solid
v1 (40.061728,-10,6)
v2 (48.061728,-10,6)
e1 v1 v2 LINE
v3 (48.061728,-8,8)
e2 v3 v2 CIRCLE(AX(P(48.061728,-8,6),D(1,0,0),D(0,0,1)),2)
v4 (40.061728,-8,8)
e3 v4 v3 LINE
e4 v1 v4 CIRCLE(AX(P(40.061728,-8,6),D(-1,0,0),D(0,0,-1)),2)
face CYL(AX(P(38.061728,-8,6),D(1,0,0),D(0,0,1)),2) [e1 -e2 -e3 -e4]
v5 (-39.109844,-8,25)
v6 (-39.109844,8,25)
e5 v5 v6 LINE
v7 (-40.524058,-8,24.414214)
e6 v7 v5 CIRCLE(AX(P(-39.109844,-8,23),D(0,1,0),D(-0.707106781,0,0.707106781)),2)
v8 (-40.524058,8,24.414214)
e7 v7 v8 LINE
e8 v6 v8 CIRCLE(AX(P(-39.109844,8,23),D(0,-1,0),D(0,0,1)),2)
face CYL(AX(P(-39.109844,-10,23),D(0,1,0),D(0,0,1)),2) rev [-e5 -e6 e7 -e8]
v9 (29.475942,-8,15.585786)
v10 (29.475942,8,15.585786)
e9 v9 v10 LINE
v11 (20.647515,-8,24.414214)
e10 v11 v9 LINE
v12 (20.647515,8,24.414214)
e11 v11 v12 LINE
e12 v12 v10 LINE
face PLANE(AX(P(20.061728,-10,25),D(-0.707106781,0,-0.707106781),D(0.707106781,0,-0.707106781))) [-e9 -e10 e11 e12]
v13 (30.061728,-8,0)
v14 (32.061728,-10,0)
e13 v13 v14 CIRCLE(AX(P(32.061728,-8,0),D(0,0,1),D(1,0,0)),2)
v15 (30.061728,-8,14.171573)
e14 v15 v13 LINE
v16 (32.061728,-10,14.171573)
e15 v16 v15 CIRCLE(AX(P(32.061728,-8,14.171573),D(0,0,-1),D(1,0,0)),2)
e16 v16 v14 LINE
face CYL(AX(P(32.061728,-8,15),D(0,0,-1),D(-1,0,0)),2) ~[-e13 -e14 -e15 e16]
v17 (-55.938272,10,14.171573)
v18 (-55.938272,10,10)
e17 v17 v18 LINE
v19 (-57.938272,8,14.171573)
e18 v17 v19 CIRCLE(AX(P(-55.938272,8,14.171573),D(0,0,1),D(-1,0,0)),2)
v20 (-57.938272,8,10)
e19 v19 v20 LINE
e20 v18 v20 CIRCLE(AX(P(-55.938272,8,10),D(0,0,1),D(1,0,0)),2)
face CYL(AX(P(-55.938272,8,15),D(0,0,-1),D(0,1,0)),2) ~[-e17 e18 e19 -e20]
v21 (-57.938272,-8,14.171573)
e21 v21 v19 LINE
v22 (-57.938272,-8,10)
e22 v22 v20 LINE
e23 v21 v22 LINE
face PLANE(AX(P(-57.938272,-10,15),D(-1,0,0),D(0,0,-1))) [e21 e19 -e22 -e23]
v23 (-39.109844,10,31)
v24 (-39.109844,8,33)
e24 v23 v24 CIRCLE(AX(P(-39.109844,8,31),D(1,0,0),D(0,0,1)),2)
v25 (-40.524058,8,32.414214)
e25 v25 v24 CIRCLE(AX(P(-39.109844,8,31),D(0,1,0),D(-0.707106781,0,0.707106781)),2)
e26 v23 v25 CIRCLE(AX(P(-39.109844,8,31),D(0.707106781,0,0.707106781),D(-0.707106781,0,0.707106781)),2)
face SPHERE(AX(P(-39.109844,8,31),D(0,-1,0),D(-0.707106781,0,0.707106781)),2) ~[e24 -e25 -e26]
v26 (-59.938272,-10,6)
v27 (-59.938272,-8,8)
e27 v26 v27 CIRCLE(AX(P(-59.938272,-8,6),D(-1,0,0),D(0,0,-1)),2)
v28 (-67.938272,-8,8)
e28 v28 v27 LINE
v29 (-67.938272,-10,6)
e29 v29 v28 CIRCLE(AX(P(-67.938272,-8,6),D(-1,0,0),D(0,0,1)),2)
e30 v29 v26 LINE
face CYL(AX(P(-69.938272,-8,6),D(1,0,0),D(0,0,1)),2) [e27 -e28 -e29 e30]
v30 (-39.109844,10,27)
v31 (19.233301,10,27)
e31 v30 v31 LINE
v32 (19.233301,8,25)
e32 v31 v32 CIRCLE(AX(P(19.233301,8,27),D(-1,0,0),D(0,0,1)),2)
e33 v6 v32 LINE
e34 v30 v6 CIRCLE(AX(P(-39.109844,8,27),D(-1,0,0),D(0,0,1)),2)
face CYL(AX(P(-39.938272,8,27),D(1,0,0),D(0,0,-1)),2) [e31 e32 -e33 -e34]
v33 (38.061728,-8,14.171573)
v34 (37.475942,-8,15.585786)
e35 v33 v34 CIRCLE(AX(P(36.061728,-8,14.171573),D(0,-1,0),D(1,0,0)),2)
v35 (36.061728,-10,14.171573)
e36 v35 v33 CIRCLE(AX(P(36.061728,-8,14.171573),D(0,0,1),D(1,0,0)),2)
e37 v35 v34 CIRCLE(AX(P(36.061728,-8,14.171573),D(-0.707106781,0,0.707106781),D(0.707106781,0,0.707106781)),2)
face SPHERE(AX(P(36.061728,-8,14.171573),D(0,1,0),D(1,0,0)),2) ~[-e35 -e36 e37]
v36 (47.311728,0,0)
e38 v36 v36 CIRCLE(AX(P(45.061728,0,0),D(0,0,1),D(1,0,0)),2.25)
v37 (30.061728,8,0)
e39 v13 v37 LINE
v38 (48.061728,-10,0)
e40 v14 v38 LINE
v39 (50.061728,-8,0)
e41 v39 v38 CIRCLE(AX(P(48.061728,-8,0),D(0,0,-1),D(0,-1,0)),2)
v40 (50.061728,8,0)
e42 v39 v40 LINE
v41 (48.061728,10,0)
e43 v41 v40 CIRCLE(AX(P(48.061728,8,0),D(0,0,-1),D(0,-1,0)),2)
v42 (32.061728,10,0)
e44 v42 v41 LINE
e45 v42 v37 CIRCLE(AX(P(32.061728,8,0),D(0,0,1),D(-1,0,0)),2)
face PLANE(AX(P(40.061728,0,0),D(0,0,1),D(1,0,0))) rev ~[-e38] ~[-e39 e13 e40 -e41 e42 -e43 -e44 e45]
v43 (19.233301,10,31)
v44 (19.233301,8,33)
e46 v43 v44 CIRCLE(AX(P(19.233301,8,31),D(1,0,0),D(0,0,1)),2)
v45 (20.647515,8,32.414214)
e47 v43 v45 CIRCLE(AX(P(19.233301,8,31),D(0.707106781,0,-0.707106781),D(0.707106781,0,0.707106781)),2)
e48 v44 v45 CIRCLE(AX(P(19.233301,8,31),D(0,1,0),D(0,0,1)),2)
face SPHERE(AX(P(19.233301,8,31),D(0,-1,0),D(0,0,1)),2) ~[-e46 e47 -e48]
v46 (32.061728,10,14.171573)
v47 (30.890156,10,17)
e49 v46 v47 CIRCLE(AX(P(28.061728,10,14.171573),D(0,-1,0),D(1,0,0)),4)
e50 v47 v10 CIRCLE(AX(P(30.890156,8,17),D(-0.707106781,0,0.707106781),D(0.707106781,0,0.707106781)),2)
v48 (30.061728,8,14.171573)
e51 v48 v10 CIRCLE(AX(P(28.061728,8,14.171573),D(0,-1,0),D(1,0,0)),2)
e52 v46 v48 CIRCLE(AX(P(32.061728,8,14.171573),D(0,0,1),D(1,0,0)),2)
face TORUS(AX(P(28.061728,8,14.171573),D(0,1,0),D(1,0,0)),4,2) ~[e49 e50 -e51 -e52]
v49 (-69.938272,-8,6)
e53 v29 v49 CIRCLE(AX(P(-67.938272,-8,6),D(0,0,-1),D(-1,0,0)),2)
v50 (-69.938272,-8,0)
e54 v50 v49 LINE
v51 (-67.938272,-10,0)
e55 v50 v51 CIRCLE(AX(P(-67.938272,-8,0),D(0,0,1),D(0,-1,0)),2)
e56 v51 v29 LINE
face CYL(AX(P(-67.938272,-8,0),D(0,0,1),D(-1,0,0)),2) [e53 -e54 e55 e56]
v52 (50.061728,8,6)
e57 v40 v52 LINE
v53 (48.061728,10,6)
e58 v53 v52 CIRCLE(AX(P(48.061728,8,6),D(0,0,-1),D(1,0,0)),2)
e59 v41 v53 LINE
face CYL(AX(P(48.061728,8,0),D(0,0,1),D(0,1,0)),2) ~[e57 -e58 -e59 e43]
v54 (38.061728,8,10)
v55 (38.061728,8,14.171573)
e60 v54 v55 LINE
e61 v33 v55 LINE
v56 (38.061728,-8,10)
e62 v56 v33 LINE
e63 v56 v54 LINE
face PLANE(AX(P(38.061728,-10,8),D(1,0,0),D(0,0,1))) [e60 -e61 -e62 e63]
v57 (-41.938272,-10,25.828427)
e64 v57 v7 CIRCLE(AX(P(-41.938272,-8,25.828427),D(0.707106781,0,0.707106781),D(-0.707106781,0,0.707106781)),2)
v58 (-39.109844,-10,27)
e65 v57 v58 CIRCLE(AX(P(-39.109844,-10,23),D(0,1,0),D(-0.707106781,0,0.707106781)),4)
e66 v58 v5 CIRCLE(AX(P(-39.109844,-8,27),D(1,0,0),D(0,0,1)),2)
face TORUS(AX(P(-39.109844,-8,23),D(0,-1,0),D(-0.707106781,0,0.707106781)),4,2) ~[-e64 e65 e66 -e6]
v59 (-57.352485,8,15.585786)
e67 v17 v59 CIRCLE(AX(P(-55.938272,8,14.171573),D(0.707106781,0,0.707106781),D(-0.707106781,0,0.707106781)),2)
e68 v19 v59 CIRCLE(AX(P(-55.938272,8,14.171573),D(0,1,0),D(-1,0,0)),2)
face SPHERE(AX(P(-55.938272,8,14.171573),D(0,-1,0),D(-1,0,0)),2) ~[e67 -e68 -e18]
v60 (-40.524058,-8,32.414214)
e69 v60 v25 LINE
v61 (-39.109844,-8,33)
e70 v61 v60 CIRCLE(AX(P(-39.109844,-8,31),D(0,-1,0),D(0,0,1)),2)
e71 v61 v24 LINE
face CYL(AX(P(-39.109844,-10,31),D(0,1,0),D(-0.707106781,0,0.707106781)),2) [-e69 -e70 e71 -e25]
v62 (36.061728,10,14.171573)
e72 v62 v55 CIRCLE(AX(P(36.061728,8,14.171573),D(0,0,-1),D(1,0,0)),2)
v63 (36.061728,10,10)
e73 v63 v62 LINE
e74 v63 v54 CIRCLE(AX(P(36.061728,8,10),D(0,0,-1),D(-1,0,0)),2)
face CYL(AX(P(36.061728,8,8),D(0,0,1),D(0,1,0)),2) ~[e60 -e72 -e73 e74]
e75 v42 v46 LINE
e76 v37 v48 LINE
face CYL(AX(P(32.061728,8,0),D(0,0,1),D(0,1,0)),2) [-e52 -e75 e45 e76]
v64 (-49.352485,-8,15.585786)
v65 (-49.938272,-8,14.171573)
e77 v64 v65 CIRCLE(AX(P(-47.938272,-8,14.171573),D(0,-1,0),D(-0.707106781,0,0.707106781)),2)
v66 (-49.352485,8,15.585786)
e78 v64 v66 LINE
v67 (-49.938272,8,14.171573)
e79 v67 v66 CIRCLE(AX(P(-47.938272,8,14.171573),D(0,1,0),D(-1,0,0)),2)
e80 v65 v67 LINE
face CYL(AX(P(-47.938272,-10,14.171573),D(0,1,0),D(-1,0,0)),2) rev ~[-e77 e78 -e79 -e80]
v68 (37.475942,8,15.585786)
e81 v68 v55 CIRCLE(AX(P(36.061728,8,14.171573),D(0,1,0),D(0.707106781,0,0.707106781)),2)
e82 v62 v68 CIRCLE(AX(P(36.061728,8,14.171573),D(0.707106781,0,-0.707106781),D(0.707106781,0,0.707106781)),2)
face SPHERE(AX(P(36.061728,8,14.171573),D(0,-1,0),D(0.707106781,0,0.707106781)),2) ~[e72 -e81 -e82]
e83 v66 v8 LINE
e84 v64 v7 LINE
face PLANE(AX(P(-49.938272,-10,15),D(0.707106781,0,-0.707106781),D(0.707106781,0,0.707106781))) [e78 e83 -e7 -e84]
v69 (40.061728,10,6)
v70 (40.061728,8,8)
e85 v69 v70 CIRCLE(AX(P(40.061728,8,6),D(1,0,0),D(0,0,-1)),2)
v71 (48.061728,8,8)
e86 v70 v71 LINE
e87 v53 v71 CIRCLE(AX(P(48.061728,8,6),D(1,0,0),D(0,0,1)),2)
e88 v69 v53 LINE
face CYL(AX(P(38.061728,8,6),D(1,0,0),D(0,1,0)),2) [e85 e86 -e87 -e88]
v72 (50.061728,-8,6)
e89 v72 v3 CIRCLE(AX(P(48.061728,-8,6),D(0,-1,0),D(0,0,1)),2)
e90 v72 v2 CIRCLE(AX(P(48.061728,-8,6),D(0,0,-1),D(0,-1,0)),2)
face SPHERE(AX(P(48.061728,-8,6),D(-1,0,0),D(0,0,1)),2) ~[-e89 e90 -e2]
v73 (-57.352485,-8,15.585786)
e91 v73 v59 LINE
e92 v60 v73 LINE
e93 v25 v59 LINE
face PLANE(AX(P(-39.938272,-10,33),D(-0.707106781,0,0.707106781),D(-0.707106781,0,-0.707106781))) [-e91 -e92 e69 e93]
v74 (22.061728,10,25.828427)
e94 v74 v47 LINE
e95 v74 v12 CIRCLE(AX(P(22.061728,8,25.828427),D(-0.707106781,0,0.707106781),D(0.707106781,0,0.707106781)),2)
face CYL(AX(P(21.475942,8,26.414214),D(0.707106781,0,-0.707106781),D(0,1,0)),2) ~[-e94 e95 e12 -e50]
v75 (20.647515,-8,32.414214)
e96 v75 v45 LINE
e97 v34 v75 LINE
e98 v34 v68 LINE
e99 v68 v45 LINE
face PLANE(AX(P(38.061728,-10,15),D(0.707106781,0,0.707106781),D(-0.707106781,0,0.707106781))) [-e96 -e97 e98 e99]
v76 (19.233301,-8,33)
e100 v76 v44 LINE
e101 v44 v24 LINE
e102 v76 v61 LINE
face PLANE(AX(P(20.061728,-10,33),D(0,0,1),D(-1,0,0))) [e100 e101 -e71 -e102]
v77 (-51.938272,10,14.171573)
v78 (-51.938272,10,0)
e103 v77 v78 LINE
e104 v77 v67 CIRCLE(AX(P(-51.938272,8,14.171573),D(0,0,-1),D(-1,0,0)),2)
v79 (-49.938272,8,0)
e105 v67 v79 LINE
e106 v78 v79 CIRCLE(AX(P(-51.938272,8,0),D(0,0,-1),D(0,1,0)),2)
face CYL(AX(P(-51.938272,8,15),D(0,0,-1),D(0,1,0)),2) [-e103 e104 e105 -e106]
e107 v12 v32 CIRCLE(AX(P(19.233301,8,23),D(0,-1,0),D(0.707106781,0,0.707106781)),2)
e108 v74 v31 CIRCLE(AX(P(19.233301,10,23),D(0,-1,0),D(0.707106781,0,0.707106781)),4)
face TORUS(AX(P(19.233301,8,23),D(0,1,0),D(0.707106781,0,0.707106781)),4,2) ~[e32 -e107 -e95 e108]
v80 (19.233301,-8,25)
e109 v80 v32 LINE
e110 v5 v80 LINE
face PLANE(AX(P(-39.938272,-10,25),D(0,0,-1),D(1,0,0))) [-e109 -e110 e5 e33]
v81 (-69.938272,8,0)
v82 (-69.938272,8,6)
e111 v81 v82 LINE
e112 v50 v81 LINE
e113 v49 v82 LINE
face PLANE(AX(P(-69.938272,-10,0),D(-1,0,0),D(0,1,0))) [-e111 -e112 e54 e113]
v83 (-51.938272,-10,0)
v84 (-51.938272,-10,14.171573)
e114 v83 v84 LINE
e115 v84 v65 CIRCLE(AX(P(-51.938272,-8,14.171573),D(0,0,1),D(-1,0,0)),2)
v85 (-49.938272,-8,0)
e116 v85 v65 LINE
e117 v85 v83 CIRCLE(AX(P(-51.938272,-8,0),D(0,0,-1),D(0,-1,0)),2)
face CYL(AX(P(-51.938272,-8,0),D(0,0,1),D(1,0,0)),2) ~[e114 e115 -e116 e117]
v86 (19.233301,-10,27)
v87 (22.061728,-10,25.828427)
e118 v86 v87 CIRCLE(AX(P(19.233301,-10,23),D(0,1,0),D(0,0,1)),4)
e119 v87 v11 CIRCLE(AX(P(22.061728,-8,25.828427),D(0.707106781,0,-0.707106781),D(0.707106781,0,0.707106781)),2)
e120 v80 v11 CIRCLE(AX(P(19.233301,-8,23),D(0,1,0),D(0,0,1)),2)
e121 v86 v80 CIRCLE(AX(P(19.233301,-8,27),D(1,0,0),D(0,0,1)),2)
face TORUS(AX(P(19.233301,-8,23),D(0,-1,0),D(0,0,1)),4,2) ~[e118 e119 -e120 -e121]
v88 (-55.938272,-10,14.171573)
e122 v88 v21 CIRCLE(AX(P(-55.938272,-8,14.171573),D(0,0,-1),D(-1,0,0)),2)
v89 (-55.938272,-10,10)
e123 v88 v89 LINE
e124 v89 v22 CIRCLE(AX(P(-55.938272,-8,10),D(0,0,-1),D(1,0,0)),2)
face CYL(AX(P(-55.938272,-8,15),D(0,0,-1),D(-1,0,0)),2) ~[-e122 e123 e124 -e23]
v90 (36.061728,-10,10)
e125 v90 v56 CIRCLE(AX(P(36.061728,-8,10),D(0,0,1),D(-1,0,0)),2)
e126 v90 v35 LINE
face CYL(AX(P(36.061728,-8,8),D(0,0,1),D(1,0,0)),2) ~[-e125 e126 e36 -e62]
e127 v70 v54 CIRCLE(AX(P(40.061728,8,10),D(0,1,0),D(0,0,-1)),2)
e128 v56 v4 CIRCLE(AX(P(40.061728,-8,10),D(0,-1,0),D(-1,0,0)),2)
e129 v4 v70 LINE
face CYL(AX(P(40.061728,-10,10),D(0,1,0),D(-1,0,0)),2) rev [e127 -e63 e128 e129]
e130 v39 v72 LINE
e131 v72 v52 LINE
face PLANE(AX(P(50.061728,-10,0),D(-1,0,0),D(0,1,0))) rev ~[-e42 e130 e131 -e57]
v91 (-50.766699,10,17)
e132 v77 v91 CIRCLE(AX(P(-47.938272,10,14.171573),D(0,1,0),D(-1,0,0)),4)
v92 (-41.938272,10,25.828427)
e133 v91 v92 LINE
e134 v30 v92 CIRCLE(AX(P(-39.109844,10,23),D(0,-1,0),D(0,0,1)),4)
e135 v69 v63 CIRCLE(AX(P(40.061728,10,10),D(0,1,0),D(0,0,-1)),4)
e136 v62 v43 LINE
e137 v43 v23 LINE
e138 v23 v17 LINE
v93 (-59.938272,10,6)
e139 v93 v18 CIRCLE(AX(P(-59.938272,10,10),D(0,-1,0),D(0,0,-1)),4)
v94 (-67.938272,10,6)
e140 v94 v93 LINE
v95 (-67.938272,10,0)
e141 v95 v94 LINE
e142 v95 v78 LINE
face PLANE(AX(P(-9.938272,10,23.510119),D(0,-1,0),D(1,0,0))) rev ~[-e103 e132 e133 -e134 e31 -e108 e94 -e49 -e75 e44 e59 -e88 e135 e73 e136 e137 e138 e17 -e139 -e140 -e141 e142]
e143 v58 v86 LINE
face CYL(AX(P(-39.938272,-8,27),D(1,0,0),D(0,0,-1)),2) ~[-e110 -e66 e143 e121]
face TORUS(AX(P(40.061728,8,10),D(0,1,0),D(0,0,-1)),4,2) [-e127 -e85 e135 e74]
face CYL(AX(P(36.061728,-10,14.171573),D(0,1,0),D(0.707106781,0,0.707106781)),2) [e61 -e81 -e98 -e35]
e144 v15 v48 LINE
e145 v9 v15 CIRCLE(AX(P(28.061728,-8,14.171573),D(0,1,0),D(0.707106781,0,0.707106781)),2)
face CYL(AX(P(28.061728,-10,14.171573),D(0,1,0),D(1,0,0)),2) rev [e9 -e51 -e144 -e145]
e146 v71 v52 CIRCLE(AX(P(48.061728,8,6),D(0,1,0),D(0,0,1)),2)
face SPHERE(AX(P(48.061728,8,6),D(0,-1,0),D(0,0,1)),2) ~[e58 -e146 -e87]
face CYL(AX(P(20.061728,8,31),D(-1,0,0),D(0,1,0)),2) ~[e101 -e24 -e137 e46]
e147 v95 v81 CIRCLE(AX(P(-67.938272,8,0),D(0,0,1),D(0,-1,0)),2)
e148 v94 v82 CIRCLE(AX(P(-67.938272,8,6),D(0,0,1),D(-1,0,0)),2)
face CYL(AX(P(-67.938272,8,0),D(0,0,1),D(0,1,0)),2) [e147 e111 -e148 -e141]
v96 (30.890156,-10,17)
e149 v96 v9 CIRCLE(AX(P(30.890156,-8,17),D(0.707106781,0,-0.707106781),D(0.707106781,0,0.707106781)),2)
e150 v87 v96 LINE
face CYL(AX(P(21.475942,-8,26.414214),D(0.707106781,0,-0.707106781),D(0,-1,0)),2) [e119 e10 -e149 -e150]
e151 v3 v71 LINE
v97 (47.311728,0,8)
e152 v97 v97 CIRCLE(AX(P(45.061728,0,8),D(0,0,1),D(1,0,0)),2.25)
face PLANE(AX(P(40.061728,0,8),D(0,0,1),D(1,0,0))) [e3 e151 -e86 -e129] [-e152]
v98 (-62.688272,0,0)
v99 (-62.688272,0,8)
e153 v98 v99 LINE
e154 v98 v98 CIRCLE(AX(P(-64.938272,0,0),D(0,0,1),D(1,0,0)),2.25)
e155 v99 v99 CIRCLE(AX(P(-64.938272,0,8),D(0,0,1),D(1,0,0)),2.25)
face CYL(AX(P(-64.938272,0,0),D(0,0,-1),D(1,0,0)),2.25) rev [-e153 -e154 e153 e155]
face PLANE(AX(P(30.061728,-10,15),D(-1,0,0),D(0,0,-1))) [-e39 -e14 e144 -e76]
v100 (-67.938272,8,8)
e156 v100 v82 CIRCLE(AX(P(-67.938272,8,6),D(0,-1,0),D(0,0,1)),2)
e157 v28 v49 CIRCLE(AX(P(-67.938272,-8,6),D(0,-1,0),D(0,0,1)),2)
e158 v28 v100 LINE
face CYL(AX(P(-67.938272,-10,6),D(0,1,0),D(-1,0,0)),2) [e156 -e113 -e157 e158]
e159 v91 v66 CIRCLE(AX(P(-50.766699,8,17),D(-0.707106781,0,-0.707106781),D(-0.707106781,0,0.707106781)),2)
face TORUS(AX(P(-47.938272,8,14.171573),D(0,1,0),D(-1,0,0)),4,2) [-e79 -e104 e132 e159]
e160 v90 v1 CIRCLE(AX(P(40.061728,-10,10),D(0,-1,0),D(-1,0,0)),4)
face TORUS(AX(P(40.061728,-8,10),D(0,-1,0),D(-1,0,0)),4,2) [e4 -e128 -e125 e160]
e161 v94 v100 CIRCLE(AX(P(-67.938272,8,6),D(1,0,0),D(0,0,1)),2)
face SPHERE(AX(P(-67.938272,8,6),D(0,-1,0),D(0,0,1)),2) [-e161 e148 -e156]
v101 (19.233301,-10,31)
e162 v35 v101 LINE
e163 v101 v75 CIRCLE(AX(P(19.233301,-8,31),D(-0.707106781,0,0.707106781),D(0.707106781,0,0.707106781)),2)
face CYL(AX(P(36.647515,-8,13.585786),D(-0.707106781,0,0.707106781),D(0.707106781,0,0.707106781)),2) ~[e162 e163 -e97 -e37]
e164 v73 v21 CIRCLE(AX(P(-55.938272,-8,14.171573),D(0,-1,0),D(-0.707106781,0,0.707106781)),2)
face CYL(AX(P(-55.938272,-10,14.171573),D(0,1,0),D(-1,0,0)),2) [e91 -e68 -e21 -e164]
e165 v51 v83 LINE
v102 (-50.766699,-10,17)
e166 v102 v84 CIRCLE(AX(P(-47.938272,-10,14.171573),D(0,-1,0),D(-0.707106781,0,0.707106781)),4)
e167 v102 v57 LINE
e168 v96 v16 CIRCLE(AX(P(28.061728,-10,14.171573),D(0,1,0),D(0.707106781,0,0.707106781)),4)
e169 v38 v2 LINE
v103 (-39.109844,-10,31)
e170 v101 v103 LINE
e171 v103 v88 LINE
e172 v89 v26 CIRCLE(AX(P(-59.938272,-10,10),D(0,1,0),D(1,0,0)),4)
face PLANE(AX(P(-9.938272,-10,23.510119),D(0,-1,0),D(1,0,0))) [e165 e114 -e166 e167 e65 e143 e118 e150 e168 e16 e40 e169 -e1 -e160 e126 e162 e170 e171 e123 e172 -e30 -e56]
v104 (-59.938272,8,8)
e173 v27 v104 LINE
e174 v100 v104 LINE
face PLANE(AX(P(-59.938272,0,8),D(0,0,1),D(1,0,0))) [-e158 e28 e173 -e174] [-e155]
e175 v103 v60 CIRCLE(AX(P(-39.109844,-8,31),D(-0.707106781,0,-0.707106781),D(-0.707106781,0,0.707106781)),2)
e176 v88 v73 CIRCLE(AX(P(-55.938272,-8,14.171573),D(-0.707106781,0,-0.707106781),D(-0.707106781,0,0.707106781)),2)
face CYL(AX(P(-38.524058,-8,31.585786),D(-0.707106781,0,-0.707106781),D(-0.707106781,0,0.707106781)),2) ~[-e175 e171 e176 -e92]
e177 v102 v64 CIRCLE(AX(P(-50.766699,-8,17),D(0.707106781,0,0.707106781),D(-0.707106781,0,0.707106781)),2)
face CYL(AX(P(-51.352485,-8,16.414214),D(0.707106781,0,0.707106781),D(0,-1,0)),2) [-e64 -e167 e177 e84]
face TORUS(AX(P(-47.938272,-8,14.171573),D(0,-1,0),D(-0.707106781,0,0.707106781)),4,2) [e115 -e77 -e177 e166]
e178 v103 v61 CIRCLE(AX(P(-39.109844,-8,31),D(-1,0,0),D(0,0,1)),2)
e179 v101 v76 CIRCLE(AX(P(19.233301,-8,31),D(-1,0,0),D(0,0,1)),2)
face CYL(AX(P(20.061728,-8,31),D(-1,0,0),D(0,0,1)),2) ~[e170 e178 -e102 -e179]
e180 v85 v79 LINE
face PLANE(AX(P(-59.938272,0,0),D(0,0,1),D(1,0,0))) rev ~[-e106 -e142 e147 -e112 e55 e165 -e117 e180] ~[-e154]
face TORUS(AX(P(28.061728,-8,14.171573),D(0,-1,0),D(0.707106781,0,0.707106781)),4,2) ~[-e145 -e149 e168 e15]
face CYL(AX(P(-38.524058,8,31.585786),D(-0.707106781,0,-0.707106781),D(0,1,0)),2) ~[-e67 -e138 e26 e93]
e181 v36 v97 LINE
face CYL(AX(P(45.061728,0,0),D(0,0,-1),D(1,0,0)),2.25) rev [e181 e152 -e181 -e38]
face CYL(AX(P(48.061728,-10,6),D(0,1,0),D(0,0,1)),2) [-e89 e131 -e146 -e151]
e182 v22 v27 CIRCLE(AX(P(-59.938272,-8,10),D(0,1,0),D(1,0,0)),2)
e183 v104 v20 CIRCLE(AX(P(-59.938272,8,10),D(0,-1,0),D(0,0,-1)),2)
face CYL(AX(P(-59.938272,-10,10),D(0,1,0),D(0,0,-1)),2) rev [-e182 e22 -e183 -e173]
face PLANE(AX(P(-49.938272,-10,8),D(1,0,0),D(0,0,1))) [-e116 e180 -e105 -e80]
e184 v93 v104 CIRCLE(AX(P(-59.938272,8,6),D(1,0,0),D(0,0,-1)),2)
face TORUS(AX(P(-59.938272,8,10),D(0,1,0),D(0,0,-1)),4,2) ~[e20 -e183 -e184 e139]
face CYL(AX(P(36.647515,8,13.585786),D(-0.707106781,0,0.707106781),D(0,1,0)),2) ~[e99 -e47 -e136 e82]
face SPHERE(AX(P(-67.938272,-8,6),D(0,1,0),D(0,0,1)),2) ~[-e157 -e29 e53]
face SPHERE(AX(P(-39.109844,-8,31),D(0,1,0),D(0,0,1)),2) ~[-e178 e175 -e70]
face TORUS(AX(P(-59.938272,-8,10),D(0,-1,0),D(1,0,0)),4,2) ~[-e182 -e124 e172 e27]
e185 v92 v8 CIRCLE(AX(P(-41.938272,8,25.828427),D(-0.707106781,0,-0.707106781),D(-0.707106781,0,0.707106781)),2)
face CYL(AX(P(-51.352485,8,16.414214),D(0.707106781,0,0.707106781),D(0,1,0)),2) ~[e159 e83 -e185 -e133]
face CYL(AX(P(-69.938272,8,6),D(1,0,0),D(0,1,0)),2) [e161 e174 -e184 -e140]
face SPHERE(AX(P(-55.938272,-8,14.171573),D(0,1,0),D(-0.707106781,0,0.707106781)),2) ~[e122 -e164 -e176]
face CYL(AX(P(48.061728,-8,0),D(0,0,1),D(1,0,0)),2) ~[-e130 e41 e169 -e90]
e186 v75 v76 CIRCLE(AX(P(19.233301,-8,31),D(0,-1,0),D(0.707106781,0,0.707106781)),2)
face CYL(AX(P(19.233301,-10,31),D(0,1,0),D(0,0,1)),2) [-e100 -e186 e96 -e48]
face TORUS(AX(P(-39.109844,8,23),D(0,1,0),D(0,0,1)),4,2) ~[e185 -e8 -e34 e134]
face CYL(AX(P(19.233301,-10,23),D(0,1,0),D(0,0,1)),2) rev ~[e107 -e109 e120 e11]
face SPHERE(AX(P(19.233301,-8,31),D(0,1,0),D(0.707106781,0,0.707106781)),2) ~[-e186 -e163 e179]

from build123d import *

# Parameters (mm, degrees)
SKETCH1_W             = 20
SKETCH1_H             = 20
SKETCH1_R             = 2.25
BOSS_EXTRUDE1_DEPTH   = 8
BOSS_EXTRUDE1_2_DEPTH = 8
BOSS_EXTRUDE2_DEPTH   = 20
FILLET2_R             = 2


with BuildPart() as part:
    # Sketch1 → Boss-Extrude1 (new body)
    with BuildSketch(Plane.XY):
        with Locations((-59.938271605, 0)):
            Rectangle(SKETCH1_W, SKETCH1_H)
        with Locations((-64.938271605, 0)):
            Circle(SKETCH1_R, mode=Mode.SUBTRACT)
    extrude(amount=BOSS_EXTRUDE1_DEPTH)



with BuildPart() as body_2:
    # Sketch1 → Boss-Extrude1 2 (new body)
    with BuildSketch(Plane.XY):
        with Locations((40.061728395, 0)):
            Rectangle(SKETCH1_W, SKETCH1_H)
        with Locations((45.061728395, 0)):
            Circle(SKETCH1_R, mode=Mode.SUBTRACT)
    extrude(amount=BOSS_EXTRUDE1_2_DEPTH)


with BuildPart() as part_1:
    add(part.part)

    add(body_2.part)  # Boss-Extrude2 merges body 2
    # Sketch2 → Boss-Extrude2 (add, through all)
    with BuildSketch(Plane.XZ.offset(10)):
        Polygon((-39.938271605, 25), (20.061728395, 25), (30.061728395, 15), (30.061728395, 8), (38.061728395, 8), (38.061728395, 15), (20.061728395, 33), (-39.938271605, 33), (-57.938271605, 15), (-57.938271605, 8), (-49.938271605, 8), (-49.938271605, 15), align=None)
    extrude(amount=-BOSS_EXTRUDE2_DEPTH)

    # Fillet2
    fillet2_edges = [part_1.edges().sort_by_distance(p)[0] for p in [
        (-69.938271605, 0, 8),
        (-63.938271605, -10, 8),
        (-63.938271605, 10, 8),
        (-44.938271605, 10, 20),
        (-39.938271605, 0, 25),
        (-49.938271605, 0, 15),
        (-57.938271605, 10, 11.5),
        (-57.938271605, 0, 8),
        (-48.938271605, 10, 24),
        (-57.938271605, 0, 15),
        (-9.938271605, 10, 33),
        (-39.938271605, 0, 33),
        (29.061728395, 10, 24),
        (20.061728395, 0, 33),
        (38.061728395, 10, 11.5),
        (38.061728395, 0, 15),
        (38.061728395, 0, 8),
        (30.061728395, 10, 7.5),
        (25.061728395, 10, 20),
        (30.061728395, 0, 15),
        (-9.938271605, 10, 25),
        (20.061728395, 0, 25),
        (-44.938271605, -10, 20),
        (-9.938271605, -10, 25),
        (25.061728395, -10, 20),
        (30.061728395, -10, 7.5),
        (38.061728395, -10, 11.5),
        (29.061728395, -10, 24),
        (-9.938271605, -10, 33),
        (-48.938271605, -10, 24),
        (-57.938271605, -10, 11.5),
        (44.061728395, -10, 8),
        (50.061728395, 0, 8),
        (44.061728395, 10, 8),
        (50.061728395, -10, 4),
        (50.061728395, 10, 4),
        (-49.938271605, -10, 7.5),
        (-69.938271605, -10, 4),
        (-69.938271605, 10, 4),
        (-49.938271605, 10, 7.5),
    ]]
    fillet(fillet2_edges, radius=FILLET2_R)


solid = part_1.part
